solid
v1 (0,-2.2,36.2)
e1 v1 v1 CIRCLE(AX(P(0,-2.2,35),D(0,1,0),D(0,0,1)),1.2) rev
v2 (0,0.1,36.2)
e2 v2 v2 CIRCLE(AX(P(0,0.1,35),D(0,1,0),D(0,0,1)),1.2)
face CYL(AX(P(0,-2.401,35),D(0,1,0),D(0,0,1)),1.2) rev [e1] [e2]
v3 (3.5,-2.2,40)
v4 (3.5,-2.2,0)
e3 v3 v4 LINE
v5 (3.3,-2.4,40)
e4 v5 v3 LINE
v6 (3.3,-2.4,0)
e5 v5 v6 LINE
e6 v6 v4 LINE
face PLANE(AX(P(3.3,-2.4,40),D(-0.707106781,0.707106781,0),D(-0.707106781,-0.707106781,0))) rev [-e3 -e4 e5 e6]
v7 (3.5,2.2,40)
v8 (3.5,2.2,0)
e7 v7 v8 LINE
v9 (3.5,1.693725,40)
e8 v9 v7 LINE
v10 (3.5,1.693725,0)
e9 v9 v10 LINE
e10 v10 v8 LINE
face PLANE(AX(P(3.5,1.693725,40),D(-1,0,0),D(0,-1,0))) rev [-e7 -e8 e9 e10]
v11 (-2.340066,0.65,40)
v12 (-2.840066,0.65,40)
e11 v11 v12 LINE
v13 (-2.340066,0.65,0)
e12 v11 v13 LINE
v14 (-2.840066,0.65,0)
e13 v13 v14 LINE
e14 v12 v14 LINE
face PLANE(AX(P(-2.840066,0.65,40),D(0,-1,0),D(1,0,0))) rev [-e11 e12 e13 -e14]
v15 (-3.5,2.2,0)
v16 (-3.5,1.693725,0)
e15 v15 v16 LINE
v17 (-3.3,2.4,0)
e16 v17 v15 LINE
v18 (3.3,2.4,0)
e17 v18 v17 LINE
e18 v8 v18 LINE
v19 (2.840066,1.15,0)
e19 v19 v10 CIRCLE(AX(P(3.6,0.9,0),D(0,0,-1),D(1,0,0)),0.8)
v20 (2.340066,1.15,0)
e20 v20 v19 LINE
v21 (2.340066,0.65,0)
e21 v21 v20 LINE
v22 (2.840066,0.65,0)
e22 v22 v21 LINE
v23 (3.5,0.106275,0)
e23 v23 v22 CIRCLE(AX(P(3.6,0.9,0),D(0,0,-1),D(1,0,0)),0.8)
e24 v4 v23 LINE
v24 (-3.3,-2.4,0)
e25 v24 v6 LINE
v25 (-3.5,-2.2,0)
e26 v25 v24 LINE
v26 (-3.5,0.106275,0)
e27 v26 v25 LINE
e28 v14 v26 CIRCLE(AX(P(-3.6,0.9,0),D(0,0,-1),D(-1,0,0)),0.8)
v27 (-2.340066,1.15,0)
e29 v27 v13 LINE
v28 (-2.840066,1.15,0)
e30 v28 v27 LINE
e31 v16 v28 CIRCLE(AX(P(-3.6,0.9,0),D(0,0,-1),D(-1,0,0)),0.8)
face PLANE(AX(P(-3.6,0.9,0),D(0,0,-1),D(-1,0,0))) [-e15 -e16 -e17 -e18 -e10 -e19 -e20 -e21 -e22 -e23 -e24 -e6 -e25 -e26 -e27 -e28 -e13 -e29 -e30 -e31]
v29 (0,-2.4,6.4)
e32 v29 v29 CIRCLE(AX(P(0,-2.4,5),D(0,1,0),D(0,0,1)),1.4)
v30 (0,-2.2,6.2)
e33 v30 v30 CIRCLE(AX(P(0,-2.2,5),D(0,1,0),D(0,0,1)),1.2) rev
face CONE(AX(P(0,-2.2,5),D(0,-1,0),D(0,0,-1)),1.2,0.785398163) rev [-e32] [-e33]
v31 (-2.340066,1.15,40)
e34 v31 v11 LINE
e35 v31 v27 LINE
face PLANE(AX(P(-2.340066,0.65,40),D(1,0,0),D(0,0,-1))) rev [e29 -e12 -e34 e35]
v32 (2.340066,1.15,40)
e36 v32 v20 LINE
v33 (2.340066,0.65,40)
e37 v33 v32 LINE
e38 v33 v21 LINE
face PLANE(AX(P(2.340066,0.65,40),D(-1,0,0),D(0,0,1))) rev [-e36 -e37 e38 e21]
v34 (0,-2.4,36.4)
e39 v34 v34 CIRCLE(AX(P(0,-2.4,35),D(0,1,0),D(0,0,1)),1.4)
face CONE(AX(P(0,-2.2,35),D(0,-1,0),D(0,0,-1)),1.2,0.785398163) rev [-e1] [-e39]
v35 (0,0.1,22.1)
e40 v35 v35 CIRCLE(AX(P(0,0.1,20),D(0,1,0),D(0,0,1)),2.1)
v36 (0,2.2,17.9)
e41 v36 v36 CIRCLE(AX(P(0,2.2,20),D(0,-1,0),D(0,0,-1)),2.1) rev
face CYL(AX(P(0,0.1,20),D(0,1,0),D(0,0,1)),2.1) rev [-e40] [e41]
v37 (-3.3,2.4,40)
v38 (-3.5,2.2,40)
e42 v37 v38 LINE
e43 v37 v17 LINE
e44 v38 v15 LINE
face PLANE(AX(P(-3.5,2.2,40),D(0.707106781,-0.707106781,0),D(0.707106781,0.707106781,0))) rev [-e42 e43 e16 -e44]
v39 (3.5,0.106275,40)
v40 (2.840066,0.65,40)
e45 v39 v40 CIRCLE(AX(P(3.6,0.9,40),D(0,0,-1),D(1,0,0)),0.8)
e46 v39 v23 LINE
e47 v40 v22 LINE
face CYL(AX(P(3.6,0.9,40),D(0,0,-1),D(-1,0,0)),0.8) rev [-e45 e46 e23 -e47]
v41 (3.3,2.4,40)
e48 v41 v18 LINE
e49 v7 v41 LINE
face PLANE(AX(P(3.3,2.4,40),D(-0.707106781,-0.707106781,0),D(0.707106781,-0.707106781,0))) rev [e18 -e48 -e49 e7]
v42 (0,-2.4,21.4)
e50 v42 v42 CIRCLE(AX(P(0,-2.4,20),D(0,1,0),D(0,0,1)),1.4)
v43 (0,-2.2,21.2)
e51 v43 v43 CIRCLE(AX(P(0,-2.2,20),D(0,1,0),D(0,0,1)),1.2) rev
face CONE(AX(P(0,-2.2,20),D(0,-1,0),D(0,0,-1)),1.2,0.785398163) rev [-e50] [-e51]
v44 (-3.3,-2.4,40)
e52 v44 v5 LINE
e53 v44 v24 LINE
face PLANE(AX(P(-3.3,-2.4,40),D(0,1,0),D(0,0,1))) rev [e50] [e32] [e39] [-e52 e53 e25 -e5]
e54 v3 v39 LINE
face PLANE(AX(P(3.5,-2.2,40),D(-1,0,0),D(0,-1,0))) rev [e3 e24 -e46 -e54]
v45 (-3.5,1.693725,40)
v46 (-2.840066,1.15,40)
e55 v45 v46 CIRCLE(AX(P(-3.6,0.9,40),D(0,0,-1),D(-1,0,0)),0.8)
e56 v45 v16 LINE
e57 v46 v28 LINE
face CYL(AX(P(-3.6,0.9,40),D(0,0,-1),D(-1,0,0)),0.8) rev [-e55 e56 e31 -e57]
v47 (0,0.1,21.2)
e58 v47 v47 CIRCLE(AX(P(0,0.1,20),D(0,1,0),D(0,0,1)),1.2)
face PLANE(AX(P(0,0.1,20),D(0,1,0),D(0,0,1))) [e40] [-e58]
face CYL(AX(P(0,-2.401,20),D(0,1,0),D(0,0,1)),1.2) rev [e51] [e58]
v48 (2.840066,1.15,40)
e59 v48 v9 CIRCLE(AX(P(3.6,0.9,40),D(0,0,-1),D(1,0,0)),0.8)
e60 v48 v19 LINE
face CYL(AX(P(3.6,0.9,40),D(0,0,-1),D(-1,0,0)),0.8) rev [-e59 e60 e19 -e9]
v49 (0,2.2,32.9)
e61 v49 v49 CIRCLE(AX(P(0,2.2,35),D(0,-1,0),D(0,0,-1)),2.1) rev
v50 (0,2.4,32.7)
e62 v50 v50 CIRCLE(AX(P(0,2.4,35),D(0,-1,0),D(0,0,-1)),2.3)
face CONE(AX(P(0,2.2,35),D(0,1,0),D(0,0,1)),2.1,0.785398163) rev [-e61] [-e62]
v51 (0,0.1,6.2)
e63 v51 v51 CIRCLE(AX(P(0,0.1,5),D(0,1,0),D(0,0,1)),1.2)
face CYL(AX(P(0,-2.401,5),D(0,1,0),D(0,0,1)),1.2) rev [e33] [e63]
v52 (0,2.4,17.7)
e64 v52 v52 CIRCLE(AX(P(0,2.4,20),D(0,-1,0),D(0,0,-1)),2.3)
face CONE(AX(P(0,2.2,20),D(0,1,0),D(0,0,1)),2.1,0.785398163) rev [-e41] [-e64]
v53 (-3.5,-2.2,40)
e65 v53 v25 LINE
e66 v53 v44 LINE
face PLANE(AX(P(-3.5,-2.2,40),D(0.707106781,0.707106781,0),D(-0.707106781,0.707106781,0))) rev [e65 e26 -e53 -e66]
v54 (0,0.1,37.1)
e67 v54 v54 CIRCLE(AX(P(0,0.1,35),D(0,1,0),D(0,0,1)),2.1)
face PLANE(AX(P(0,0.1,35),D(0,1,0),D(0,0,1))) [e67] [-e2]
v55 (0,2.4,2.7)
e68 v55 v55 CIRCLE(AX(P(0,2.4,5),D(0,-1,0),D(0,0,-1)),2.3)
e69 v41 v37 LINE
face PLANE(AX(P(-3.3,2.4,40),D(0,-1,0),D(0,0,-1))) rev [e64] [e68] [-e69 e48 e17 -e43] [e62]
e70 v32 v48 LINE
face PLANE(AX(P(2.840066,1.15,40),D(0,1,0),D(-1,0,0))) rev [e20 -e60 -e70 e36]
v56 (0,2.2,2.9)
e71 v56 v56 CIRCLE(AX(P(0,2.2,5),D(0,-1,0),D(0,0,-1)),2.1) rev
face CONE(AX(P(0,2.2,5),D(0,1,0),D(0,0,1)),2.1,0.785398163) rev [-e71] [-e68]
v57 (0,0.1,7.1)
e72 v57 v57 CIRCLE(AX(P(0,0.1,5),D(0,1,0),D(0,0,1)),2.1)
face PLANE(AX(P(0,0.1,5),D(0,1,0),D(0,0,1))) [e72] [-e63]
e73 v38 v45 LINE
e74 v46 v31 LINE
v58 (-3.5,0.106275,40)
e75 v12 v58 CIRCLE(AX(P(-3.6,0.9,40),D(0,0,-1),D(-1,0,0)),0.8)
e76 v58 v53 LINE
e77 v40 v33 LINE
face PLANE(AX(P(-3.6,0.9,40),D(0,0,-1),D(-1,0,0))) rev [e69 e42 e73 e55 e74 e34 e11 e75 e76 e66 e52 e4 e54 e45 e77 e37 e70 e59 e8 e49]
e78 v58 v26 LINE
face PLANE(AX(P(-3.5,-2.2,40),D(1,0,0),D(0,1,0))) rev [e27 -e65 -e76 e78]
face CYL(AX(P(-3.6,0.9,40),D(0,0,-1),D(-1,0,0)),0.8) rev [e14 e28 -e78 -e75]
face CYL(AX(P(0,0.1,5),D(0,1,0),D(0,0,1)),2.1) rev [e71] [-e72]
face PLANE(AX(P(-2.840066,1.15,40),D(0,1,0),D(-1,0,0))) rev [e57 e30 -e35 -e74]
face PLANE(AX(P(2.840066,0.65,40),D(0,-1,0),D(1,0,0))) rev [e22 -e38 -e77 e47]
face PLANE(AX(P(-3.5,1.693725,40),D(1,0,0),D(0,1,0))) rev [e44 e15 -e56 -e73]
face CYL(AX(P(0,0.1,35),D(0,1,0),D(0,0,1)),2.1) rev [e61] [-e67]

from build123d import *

# Parameters (mm, degrees)
EXTRUDE1_DEPTH             = 40
EXTRUDE2_REACH             = 42.439
SKETCH2_R                  = 1.2
SKETCH_R                   = 2.1
SKETCH_R_2                 = 1.2
EXTRUDE4_DEPTH             = 2.3
CHAMFER1_SIZE              = 0.2
LPATTERN1_COUNT            = 3
LPATTERN1_PITCH            = 15
CHAMFER1_OF_LPATTERN1_SIZE = 0.2


with BuildPart() as part:
    # Sketch1 → Extrude1 (new body)
    with BuildSketch(Plane.XY):
        with BuildLine():
            Line((-3.3, -2.4), (3.3, -2.4))
            Line((3.3, -2.4), (3.5, -2.2))
            Line((3.5, -2.2), (3.5, 0.106274607))
            ThreePointArc((3.5, 0.106274607), (3.091294745, 0.282570681), (2.840065792, 0.65))
            Line((2.840065792, 0.65), (2.340065792, 0.65))
            Line((2.340065792, 0.65), (2.340065792, 1.15))
            Line((2.340065792, 1.15), (2.840065792, 1.15))
            ThreePointArc((2.840065792, 1.15), (3.091294745, 1.517429319), (3.5, 1.693725393))
            Line((3.5, 1.693725393), (3.5, 2.2))
            Line((3.5, 2.2), (3.3, 2.4))
            Line((3.3, 2.4), (-3.3, 2.4))
            Line((-3.3, 2.4), (-3.5, 2.2))
            Line((-3.5, 2.2), (-3.5, 1.693725393))
            ThreePointArc((-3.5, 1.693725393), (-3.091294745, 1.517429319), (-2.840065792, 1.15))
            Line((-2.840065792, 1.15), (-2.340065792, 1.15))
            Line((-2.340065792, 1.15), (-2.340065792, 0.65))
            Line((-2.340065792, 0.65), (-2.840065792, 0.65))
            ThreePointArc((-2.840065792, 0.65), (-3.091294745, 0.282570681), (-3.5, 0.106274607))
            Line((-3.5, 0.106274607), (-3.5, -2.2))
            Line((-3.5, -2.2), (-3.3, -2.4))
        make_face()
    extrude(amount=EXTRUDE1_DEPTH)

    # Sketch2 → Extrude2 (cut, up to next)
    with BuildSketch(Plane(origin=(0, 2.4, 0), x_dir=(1, 0, 0), z_dir=(0, 1, 0)), mode=Mode.PRIVATE) as extrude2_sk1:
        with Locations((0, -5)):
            Circle(SKETCH2_R)
    extrude2_tool1 = extrude(extrude2_sk1.sketch, amount=-EXTRUDE2_REACH, mode=Mode.PRIVATE) & part.part
    extrude2 = extrude2_tool1.solids().sort_by_distance((0, 2.4, 5))[0]
    add(extrude2, mode=Mode.SUBTRACT)

    # Sketch → Extrude4 (cut)
    with BuildSketch(Plane(origin=(0, 2.4, 0), x_dir=(1, 0, 0), z_dir=(0, 1, 0))):
        with Locations((0, -5)):
            Circle(SKETCH_R)
        with Locations((0, -5)):
            Circle(SKETCH_R_2, mode=Mode.SUBTRACT)
    extrude4 = extrude(amount=-EXTRUDE4_DEPTH, mode=Mode.SUBTRACT)

    # Chamfer1
    chamfer1_edges = [part.edges().sort_by_distance(p)[0] for p in [
        (-1.2, -2.4, 5),
        (-2.1, 2.4, 5),
    ]]
    chamfer(chamfer1_edges, length=CHAMFER1_SIZE)

    # LPattern1: Extrude2, Extrude4 ×3
    with Locations(*[(0, 0, i * LPATTERN1_PITCH) for i in range(1, LPATTERN1_COUNT)]):
        add(extrude2, mode=Mode.SUBTRACT)
        add(extrude4, mode=Mode.SUBTRACT)

    # Chamfer1 of LPattern1
    chamfer1_of_lpattern1_edges = [part.edges().sort_by_distance(p)[0] for p in [
        (-1.2, -2.4, 20),
        (-2.1, 2.4, 20),
        (-1.2, -2.4, 35),
        (-2.1, 2.4, 35),
    ]]
    chamfer(chamfer1_of_lpattern1_edges, length=CHAMFER1_OF_LPATTERN1_SIZE)


solid = part.part
